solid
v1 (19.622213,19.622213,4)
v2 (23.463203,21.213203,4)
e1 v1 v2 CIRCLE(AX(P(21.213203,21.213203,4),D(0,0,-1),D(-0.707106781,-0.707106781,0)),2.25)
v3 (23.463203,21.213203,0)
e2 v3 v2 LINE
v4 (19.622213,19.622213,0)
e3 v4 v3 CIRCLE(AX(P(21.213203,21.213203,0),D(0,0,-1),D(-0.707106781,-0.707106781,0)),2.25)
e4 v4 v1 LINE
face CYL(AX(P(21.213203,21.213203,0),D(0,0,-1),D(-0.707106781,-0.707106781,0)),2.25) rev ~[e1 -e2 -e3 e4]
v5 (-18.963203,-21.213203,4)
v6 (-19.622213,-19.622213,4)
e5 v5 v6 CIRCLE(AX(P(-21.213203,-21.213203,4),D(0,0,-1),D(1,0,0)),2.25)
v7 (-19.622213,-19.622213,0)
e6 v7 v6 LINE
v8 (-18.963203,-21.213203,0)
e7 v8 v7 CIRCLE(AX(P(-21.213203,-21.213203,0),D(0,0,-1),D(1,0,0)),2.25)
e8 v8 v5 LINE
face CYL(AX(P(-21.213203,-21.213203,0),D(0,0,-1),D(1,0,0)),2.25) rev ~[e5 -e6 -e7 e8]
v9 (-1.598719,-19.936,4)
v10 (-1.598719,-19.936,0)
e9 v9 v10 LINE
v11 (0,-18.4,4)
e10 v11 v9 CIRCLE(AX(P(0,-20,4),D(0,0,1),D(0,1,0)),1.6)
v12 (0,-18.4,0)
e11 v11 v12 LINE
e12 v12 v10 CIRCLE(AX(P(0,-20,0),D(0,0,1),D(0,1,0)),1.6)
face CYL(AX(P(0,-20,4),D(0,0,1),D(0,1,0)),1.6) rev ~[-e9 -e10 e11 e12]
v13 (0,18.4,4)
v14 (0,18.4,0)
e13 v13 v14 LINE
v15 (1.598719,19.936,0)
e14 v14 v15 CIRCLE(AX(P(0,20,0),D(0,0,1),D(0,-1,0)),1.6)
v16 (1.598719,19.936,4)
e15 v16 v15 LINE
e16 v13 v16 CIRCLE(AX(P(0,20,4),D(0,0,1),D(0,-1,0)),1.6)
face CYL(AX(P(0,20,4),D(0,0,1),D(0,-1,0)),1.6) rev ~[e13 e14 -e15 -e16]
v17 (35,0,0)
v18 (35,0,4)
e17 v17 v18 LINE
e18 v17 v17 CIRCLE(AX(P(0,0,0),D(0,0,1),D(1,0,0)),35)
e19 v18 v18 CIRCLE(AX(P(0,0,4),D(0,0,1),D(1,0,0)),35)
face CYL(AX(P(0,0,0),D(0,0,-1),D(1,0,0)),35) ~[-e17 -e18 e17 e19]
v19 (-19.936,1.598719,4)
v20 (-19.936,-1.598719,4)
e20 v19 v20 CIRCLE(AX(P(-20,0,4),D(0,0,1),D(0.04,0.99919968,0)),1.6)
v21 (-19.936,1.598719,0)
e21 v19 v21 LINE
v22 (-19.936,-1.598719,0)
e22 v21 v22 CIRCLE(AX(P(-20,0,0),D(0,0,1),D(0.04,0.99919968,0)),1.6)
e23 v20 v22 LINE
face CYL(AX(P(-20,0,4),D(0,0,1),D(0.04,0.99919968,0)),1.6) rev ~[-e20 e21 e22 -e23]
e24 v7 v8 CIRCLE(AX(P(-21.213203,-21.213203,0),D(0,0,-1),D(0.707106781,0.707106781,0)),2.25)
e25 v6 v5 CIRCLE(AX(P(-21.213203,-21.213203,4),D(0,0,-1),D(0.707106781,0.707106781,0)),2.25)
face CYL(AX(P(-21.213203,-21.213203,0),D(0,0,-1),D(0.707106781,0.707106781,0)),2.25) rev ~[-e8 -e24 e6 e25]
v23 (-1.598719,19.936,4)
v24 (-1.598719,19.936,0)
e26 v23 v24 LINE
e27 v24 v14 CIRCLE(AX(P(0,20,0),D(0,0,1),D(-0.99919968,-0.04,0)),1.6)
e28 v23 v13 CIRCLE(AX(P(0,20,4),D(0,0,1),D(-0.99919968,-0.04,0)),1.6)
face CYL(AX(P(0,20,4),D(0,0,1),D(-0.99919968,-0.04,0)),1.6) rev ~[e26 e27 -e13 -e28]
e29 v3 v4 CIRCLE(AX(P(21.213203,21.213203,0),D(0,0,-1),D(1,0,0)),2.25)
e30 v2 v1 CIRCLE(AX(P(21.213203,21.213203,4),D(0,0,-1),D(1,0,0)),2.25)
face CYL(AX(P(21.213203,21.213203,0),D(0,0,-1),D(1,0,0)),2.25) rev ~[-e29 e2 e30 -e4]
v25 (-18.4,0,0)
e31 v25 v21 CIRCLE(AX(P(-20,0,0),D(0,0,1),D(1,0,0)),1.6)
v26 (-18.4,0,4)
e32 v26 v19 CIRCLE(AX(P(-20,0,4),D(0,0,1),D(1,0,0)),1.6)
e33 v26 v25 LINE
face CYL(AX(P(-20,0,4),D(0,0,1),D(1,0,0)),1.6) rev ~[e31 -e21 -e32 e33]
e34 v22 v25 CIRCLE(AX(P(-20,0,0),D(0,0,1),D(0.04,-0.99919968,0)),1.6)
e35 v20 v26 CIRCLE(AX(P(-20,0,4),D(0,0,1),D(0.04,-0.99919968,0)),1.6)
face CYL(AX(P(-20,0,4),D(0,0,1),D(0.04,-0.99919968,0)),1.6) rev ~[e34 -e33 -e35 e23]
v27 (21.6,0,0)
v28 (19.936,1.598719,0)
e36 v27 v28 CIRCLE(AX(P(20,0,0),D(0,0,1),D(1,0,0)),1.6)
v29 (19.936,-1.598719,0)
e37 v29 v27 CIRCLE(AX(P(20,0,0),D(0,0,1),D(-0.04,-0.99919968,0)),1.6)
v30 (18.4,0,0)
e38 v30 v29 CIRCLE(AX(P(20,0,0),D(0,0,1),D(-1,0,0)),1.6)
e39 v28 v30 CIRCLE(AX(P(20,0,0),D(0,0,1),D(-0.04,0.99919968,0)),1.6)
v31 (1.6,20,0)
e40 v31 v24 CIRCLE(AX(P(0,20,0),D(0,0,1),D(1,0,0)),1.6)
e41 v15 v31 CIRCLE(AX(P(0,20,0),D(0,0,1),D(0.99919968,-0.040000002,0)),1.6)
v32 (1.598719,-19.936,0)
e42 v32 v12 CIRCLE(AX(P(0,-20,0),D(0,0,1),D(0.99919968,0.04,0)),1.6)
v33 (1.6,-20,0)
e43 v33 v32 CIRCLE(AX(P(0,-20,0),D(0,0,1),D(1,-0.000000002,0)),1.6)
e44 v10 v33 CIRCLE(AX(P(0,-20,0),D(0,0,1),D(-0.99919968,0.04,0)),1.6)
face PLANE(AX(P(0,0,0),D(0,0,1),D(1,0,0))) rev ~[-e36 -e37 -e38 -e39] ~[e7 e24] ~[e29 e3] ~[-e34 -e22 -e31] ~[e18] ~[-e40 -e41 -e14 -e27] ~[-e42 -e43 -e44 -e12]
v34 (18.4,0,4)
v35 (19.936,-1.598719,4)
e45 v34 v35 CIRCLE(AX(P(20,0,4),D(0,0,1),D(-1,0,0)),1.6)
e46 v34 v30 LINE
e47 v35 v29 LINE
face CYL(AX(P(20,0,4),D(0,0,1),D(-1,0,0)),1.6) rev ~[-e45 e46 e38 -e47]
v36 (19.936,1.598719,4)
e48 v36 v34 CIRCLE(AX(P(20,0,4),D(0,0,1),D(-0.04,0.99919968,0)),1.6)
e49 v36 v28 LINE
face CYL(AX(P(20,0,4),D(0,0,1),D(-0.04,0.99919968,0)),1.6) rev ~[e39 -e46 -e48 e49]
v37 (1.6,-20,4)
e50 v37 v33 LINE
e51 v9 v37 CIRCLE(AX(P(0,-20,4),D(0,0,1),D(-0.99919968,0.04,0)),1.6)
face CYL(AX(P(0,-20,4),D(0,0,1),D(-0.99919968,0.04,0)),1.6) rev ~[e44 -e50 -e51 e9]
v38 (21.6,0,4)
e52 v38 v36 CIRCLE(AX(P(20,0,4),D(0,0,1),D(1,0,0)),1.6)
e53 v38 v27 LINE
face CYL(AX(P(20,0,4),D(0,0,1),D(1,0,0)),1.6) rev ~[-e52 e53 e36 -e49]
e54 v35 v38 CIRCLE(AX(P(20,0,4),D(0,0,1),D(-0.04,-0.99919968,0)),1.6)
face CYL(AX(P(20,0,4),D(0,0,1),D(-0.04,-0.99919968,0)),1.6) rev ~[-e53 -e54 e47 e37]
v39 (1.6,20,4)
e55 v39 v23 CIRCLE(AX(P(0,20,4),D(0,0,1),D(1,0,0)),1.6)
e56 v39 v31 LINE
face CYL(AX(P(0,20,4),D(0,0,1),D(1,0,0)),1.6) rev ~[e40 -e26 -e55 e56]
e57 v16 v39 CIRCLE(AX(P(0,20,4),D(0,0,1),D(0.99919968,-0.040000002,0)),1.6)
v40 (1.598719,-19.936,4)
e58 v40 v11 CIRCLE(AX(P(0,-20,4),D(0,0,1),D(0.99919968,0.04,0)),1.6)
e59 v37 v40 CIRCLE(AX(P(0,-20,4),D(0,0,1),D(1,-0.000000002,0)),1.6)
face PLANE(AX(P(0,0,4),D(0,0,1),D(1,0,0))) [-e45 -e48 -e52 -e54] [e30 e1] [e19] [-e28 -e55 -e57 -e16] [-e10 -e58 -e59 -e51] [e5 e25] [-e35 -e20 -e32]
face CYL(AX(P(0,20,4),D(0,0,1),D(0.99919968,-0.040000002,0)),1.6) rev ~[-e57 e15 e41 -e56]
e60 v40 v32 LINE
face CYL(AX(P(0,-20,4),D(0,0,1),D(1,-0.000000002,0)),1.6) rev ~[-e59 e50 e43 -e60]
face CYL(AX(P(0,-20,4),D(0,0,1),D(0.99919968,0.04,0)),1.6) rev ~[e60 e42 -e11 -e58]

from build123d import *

# Parameters (mm, degrees)
F0_R     = 35
F1_DEPTH = 4
F3_DEPTH = 4.001


with BuildPart() as f1:
    # F0 (on Top) → F1 (new body)
    with BuildSketch(Plane.XY):
        Circle(F0_R)
        with BuildLine():
            ThreePointArc((-18.9632034356, -21.2132034356), (-23.2919323837, -22.0742411584), (-19.6222131779, -19.6222131779))
            ThreePointArc((-19.6222131779, -19.6222131779), (-19.1344744874, -20.3521657128), (-18.9632034356, -21.2132034356))
        make_face(mode=Mode.SUBTRACT)
        with BuildLine():
            ThreePointArc((23.4632034356, 21.2132034356), (22.0742411584, 19.1344744874), (19.6222131779, 19.6222131779))
            ThreePointArc((19.6222131779, 19.6222131779), (20.3521657128, 23.2919323837), (23.4632034356, 21.2132034356))
        make_face(mode=Mode.SUBTRACT)
    extrude(amount=F1_DEPTH)

    # F2 (on face) → F3 (cut, through all)
    with BuildSketch(Plane.XY.offset(4)):
        with BuildLine():
            ThreePointArc((0, 20), (0.8, 19.9839935949), (1.5987194876, 19.936))
            ThreePointArc((1.5987194876, 19.936), (1.5996798399, 19.9679935955), (1.6, 20))
            ThreePointArc((1.6, 20), (-0.0320064045, 21.5996798399), (-1.5987194876, 19.936))
            ThreePointArc((-1.5987194876, 19.936), (-0.8, 19.9839935949), (0, 20))
        make_face()
        with BuildLine():
            ThreePointArc((0, 18.4), (1.1085125168, 18.8462235919), (1.5987194876, 19.936))
            ThreePointArc((1.5987194876, 19.936), (0.8, 19.9839935949), (0, 20))
            Line((0, 20), (0, 18.4))
        make_face()
        with BuildLine():
            Line((0, 18.4), (0, 20))
            ThreePointArc((0, 20), (-0.8, 19.9839935949), (-1.5987194876, 19.936))
            ThreePointArc((-1.5987194876, 19.936), (-1.1085125168, 18.8462235919), (0, 18.4))
        make_face()
        with BuildLine():
            ThreePointArc((-20, 0), (-19.9839935949, 0.8), (-19.936, 1.5987194876))
            ThreePointArc((-19.936, 1.5987194876), (-21.6, 0), (-19.936, -1.5987194876))
            ThreePointArc((-19.936, -1.5987194876), (-19.9839935949, -0.8), (-20, 0))
        make_face()
        with BuildLine():
            Line((-20, 0), (-18.4, 0))
            ThreePointArc((-18.4, 0), (-18.8462235919, 1.1085125168), (-19.936, 1.5987194876))
            ThreePointArc((-19.936, 1.5987194876), (-19.9839935949, 0.8), (-20, 0))
        make_face()
        with BuildLine():
            ThreePointArc((-19.936, -1.5987194876), (-18.8462235919, -1.1085125168), (-18.4, 0))
            Line((-18.4, 0), (-20, 0))
            ThreePointArc((-20, 0), (-19.9839935949, -0.8), (-19.936, -1.5987194876))
        make_face()
        with BuildLine():
            ThreePointArc((1.6, -20), (1.5996798399, -19.9679935955), (1.5987194876, -19.936))
            ThreePointArc((1.5987194876, -19.936), (0.8, -19.9839935949), (0, -20))
            ThreePointArc((0, -20), (-0.8, -19.9839935949), (-1.5987194876, -19.936))
            ThreePointArc((-1.5987194876, -19.936), (-0.0320064045, -21.5996798399), (1.6, -20))
        make_face()
        with BuildLine():
            ThreePointArc((-1.5987194876, -19.936), (-0.8, -19.9839935949), (0, -20))
            Line((0, -20), (0, -18.4))
            ThreePointArc((0, -18.4), (-1.1085125168, -18.8462235919), (-1.5987194876, -19.936))
        make_face()
        with BuildLine():
            ThreePointArc((0, -20), (0.8, -19.9839935949), (1.5987194876, -19.936))
            ThreePointArc((1.5987194876, -19.936), (1.1085125168, -18.8462235919), (0, -18.4))
            Line((0, -18.4), (0, -20))
        make_face()
        with BuildLine():
            ThreePointArc((19.936, 1.5987194876), (19.9839935949, 0.8), (20, 0))
            ThreePointArc((20, 0), (19.9839935949, -0.8), (19.936, -1.5987194876))
            ThreePointArc((19.936, -1.5987194876), (21.1085125168, -1.1537764081), (21.6, 0))
            ThreePointArc((21.6, 0), (21.1085125168, 1.1537764081), (19.936, 1.5987194876))
        make_face()
        with BuildLine():
            ThreePointArc((19.936, -1.5987194876), (19.9839935949, -0.8), (20, 0))
            Line((20, 0), (18.4, 0))
            ThreePointArc((18.4, 0), (18.8462235919, -1.1085125168), (19.936, -1.5987194876))
        make_face()
        with BuildLine():
            Line((18.4, 0), (20, 0))
            ThreePointArc((20, 0), (19.9839935949, 0.8), (19.936, 1.5987194876))
            ThreePointArc((19.936, 1.5987194876), (18.8462235919, 1.1085125168), (18.4, 0))
        make_face()
    extrude(amount=-F3_DEPTH, mode=Mode.SUBTRACT)


solid = f1.part
